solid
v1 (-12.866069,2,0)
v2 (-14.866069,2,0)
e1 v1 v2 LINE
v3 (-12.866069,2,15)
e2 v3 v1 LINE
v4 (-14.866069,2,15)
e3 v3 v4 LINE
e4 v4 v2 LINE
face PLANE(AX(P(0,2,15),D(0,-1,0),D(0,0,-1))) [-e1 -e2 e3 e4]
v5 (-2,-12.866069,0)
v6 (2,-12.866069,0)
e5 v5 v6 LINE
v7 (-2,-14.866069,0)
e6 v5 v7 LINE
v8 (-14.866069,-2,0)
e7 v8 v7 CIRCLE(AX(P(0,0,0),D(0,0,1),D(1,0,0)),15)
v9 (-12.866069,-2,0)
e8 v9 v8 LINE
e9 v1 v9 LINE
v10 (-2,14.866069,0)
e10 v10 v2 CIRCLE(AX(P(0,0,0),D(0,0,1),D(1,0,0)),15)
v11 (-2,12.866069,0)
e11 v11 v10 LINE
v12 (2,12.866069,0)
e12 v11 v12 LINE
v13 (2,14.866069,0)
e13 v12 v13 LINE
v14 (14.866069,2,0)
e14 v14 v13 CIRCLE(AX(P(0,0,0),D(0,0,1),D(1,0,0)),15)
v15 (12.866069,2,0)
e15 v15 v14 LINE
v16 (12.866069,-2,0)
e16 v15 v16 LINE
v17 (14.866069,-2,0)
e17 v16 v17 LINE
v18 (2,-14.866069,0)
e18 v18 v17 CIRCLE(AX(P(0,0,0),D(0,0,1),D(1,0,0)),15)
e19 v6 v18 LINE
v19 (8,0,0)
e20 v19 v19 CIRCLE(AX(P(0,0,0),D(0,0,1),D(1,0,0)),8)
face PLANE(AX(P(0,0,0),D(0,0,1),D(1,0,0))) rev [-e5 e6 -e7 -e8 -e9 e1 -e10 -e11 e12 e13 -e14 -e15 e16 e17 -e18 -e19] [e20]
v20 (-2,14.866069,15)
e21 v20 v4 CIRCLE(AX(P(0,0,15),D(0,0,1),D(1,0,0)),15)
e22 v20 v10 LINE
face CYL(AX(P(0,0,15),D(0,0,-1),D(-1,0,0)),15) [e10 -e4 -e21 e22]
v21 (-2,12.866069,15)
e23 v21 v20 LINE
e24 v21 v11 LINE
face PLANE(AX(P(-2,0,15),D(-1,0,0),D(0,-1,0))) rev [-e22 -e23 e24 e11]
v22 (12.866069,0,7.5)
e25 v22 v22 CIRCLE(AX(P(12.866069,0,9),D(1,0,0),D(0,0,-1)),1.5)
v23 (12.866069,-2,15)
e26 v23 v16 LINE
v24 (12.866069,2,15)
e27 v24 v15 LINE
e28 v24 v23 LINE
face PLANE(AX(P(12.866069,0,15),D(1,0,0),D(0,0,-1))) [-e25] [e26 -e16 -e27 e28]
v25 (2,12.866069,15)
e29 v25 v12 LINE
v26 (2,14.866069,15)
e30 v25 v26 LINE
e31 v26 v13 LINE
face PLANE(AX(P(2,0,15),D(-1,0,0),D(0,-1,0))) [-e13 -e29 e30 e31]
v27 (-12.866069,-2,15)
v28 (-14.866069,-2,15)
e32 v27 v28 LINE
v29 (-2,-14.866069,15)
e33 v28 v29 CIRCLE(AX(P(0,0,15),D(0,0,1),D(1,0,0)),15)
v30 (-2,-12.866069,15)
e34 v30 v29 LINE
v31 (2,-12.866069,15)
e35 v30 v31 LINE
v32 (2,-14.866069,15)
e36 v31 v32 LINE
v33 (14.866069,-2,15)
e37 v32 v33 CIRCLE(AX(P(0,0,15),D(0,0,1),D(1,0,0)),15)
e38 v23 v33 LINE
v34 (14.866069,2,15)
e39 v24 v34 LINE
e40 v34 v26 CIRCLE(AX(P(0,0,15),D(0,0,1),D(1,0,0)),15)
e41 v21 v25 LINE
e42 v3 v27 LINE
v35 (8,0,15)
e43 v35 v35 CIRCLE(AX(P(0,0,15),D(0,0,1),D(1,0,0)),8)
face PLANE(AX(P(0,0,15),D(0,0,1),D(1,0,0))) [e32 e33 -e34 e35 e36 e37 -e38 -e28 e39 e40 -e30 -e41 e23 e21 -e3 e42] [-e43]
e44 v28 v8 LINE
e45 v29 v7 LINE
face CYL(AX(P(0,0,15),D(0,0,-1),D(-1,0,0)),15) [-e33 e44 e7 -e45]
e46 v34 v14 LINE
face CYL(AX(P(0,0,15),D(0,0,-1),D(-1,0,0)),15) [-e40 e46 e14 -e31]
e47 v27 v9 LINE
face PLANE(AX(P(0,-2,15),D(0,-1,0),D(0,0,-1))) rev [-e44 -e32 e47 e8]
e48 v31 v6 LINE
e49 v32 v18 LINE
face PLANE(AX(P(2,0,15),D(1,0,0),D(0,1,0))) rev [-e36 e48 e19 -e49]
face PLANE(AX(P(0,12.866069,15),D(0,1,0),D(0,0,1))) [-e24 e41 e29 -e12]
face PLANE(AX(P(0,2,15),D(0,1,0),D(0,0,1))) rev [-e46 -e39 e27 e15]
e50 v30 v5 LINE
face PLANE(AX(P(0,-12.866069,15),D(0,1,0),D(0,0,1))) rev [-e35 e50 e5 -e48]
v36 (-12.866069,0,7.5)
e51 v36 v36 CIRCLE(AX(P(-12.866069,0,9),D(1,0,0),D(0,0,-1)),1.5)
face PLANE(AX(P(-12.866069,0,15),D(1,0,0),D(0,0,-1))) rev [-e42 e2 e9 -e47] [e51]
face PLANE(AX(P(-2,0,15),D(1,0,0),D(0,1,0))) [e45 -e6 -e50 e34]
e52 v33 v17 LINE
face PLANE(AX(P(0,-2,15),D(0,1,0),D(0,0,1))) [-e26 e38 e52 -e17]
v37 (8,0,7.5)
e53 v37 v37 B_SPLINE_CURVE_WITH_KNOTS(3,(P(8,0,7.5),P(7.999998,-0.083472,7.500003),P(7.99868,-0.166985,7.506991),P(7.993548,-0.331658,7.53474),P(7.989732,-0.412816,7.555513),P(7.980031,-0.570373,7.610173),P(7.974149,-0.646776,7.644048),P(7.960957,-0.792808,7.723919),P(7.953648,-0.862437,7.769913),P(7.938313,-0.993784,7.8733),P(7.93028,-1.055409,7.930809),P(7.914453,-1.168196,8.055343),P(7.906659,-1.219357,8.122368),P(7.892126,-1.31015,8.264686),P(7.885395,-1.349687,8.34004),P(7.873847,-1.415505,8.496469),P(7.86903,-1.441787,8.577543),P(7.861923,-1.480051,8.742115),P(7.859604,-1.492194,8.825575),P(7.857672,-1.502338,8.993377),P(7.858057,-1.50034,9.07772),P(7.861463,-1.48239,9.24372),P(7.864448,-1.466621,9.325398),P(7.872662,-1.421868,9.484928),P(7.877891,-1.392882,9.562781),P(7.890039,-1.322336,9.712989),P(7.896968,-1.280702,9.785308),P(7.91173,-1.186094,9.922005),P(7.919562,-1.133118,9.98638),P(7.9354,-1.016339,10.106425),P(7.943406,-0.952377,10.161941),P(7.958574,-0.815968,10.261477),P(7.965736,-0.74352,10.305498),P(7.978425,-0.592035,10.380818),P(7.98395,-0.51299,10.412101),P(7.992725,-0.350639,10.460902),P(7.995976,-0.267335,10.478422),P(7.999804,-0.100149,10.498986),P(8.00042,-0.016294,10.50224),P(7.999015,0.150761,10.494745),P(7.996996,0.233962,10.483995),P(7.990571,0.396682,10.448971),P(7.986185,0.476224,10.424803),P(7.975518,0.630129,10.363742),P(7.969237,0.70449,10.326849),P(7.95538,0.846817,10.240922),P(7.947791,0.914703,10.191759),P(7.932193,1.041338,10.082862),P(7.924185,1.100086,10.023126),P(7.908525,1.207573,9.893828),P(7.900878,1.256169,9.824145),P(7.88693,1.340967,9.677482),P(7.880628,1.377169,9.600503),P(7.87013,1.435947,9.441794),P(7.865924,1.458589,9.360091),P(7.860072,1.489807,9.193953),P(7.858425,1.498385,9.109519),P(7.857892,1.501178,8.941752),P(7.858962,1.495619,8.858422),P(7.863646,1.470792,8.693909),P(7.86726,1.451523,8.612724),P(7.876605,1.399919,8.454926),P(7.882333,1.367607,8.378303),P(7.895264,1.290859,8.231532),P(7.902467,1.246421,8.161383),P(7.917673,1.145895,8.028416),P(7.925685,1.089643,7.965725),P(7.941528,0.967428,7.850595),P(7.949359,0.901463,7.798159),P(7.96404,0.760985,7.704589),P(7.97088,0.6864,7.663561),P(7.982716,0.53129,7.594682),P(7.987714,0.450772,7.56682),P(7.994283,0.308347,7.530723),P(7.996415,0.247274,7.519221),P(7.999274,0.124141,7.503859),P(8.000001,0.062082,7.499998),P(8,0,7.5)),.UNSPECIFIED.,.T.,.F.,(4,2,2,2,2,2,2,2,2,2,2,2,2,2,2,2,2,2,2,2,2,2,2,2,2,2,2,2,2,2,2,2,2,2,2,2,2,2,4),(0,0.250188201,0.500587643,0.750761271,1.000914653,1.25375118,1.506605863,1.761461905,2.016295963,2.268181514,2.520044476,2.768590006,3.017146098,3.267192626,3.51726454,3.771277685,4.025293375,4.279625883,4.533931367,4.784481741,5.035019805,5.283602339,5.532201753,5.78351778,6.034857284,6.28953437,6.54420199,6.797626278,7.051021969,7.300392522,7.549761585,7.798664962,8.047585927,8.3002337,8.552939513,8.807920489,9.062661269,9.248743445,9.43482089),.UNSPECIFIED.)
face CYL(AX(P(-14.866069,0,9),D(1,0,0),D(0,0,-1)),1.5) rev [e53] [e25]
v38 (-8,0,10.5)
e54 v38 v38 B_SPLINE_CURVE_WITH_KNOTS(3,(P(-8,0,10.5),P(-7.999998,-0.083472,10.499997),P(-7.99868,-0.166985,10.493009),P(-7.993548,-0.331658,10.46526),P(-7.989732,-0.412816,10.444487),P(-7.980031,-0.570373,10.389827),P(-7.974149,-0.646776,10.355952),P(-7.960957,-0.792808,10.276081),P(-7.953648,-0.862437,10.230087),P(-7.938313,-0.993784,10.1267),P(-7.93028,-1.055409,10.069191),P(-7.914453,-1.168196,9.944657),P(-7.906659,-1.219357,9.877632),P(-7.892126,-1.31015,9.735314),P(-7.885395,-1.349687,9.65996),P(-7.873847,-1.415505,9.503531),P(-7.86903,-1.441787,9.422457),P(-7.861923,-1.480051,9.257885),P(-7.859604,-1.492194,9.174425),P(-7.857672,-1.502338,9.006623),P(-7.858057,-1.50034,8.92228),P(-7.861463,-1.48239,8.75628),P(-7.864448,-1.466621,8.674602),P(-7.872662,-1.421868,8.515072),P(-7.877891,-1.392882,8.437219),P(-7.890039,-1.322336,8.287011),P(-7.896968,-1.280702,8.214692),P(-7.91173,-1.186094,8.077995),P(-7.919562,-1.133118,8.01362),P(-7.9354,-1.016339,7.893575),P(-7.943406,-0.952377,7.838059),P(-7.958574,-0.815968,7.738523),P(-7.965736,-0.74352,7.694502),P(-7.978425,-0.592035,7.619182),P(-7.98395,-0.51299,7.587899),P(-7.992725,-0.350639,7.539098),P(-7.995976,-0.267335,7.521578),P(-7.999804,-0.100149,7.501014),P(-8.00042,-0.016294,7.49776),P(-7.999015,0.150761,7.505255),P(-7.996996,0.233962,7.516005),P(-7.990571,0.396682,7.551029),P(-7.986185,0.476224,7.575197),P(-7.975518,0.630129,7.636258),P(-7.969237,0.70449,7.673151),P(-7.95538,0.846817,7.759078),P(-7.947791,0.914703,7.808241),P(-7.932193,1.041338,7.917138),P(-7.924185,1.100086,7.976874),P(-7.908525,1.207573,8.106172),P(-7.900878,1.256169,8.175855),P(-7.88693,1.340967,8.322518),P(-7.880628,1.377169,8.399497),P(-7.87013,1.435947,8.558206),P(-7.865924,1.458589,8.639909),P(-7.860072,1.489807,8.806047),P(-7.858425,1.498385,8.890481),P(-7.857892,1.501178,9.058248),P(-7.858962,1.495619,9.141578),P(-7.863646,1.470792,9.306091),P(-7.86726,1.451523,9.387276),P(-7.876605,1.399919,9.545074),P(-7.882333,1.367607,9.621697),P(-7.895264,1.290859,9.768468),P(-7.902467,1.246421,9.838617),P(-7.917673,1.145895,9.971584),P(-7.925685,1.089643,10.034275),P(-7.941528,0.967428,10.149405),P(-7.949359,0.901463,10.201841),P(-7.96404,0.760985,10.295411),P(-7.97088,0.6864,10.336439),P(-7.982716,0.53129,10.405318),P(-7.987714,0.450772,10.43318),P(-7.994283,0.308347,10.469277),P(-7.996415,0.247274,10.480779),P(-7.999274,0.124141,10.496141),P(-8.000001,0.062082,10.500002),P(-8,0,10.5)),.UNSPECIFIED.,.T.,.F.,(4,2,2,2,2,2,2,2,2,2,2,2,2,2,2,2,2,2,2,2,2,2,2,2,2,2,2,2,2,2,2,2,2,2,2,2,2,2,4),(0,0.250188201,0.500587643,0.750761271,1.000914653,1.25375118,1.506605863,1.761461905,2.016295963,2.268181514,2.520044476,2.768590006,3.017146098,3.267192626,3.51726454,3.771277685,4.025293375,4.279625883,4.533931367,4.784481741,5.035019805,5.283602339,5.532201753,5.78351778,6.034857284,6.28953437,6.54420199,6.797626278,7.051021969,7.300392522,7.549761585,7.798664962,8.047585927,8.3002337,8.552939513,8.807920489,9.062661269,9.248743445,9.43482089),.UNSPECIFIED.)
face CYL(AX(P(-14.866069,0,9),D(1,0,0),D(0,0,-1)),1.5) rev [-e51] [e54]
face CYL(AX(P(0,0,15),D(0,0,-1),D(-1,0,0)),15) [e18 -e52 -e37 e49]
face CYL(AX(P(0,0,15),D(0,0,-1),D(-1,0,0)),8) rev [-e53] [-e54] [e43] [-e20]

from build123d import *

# Parameters (mm, degrees)
ESBO_O1_R                  = 8
RESSALTO_EXTRUS_O1_DEPTH   = 15
CORTE_EXTRUS_O1_DEPTH      = 26.82634314
CORTE_EXTRUS_O1_DEPTH_BACK = 26.82634314
ESBO_O2_R                  = 1.5


with BuildPart() as part:
    # Esboço1 → Ressalto-extrusão1 (new body)
    with BuildSketch(Plane.XY):
        with BuildLine():
            Line((2, 12.866068747), (-2, 12.866068747))
            Line((-2, 12.866068747), (-2, 14.866068747))
            ThreePointArc((-2, 14.866068747), (-10.606601718, 10.606601718), (-14.866068747, 2))
            Line((-14.866068747, 2), (-12.866068747, 2))
            Line((-12.866068747, 2), (-12.866068747, -2))
            Line((-12.866068747, -2), (-14.866068747, -2))
            ThreePointArc((-14.866068747, -2), (-10.606601718, -10.606601718), (-2, -14.866068747))
            Line((-2, -14.866068747), (-2, -12.866068747))
            Line((-2, -12.866068747), (2, -12.866068747))
            Line((2, -12.866068747), (2, -14.866068747))
            ThreePointArc((2, -14.866068747), (10.606601718, -10.606601718), (14.866068747, -2))
            Line((14.866068747, -2), (12.866068747, -2))
            Line((12.866068747, -2), (12.866068747, 2))
            Line((12.866068747, 2), (14.866068747, 2))
            ThreePointArc((14.866068747, 2), (10.606601718, 10.606601718), (2, 14.866068747))
            Line((2, 14.866068747), (2, 12.866068747))
        make_face()
        Circle(ESBO_O1_R, mode=Mode.SUBTRACT)
    extrude(amount=RESSALTO_EXTRUS_O1_DEPTH)

    # Esboço2 → Corte-extrusão1 (cut, two sides: drawn at the far end of the back side and taken through both)
    with BuildSketch(Plane(origin=(0, 0, 0), x_dir=(0, 0, -1), z_dir=(1, 0, 0)).offset(-CORTE_EXTRUS_O1_DEPTH_BACK)):
        with Locations((-9, 0)):
            Circle(ESBO_O2_R)
    extrude(amount=CORTE_EXTRUS_O1_DEPTH + CORTE_EXTRUS_O1_DEPTH_BACK, mode=Mode.SUBTRACT)


solid = part.part
